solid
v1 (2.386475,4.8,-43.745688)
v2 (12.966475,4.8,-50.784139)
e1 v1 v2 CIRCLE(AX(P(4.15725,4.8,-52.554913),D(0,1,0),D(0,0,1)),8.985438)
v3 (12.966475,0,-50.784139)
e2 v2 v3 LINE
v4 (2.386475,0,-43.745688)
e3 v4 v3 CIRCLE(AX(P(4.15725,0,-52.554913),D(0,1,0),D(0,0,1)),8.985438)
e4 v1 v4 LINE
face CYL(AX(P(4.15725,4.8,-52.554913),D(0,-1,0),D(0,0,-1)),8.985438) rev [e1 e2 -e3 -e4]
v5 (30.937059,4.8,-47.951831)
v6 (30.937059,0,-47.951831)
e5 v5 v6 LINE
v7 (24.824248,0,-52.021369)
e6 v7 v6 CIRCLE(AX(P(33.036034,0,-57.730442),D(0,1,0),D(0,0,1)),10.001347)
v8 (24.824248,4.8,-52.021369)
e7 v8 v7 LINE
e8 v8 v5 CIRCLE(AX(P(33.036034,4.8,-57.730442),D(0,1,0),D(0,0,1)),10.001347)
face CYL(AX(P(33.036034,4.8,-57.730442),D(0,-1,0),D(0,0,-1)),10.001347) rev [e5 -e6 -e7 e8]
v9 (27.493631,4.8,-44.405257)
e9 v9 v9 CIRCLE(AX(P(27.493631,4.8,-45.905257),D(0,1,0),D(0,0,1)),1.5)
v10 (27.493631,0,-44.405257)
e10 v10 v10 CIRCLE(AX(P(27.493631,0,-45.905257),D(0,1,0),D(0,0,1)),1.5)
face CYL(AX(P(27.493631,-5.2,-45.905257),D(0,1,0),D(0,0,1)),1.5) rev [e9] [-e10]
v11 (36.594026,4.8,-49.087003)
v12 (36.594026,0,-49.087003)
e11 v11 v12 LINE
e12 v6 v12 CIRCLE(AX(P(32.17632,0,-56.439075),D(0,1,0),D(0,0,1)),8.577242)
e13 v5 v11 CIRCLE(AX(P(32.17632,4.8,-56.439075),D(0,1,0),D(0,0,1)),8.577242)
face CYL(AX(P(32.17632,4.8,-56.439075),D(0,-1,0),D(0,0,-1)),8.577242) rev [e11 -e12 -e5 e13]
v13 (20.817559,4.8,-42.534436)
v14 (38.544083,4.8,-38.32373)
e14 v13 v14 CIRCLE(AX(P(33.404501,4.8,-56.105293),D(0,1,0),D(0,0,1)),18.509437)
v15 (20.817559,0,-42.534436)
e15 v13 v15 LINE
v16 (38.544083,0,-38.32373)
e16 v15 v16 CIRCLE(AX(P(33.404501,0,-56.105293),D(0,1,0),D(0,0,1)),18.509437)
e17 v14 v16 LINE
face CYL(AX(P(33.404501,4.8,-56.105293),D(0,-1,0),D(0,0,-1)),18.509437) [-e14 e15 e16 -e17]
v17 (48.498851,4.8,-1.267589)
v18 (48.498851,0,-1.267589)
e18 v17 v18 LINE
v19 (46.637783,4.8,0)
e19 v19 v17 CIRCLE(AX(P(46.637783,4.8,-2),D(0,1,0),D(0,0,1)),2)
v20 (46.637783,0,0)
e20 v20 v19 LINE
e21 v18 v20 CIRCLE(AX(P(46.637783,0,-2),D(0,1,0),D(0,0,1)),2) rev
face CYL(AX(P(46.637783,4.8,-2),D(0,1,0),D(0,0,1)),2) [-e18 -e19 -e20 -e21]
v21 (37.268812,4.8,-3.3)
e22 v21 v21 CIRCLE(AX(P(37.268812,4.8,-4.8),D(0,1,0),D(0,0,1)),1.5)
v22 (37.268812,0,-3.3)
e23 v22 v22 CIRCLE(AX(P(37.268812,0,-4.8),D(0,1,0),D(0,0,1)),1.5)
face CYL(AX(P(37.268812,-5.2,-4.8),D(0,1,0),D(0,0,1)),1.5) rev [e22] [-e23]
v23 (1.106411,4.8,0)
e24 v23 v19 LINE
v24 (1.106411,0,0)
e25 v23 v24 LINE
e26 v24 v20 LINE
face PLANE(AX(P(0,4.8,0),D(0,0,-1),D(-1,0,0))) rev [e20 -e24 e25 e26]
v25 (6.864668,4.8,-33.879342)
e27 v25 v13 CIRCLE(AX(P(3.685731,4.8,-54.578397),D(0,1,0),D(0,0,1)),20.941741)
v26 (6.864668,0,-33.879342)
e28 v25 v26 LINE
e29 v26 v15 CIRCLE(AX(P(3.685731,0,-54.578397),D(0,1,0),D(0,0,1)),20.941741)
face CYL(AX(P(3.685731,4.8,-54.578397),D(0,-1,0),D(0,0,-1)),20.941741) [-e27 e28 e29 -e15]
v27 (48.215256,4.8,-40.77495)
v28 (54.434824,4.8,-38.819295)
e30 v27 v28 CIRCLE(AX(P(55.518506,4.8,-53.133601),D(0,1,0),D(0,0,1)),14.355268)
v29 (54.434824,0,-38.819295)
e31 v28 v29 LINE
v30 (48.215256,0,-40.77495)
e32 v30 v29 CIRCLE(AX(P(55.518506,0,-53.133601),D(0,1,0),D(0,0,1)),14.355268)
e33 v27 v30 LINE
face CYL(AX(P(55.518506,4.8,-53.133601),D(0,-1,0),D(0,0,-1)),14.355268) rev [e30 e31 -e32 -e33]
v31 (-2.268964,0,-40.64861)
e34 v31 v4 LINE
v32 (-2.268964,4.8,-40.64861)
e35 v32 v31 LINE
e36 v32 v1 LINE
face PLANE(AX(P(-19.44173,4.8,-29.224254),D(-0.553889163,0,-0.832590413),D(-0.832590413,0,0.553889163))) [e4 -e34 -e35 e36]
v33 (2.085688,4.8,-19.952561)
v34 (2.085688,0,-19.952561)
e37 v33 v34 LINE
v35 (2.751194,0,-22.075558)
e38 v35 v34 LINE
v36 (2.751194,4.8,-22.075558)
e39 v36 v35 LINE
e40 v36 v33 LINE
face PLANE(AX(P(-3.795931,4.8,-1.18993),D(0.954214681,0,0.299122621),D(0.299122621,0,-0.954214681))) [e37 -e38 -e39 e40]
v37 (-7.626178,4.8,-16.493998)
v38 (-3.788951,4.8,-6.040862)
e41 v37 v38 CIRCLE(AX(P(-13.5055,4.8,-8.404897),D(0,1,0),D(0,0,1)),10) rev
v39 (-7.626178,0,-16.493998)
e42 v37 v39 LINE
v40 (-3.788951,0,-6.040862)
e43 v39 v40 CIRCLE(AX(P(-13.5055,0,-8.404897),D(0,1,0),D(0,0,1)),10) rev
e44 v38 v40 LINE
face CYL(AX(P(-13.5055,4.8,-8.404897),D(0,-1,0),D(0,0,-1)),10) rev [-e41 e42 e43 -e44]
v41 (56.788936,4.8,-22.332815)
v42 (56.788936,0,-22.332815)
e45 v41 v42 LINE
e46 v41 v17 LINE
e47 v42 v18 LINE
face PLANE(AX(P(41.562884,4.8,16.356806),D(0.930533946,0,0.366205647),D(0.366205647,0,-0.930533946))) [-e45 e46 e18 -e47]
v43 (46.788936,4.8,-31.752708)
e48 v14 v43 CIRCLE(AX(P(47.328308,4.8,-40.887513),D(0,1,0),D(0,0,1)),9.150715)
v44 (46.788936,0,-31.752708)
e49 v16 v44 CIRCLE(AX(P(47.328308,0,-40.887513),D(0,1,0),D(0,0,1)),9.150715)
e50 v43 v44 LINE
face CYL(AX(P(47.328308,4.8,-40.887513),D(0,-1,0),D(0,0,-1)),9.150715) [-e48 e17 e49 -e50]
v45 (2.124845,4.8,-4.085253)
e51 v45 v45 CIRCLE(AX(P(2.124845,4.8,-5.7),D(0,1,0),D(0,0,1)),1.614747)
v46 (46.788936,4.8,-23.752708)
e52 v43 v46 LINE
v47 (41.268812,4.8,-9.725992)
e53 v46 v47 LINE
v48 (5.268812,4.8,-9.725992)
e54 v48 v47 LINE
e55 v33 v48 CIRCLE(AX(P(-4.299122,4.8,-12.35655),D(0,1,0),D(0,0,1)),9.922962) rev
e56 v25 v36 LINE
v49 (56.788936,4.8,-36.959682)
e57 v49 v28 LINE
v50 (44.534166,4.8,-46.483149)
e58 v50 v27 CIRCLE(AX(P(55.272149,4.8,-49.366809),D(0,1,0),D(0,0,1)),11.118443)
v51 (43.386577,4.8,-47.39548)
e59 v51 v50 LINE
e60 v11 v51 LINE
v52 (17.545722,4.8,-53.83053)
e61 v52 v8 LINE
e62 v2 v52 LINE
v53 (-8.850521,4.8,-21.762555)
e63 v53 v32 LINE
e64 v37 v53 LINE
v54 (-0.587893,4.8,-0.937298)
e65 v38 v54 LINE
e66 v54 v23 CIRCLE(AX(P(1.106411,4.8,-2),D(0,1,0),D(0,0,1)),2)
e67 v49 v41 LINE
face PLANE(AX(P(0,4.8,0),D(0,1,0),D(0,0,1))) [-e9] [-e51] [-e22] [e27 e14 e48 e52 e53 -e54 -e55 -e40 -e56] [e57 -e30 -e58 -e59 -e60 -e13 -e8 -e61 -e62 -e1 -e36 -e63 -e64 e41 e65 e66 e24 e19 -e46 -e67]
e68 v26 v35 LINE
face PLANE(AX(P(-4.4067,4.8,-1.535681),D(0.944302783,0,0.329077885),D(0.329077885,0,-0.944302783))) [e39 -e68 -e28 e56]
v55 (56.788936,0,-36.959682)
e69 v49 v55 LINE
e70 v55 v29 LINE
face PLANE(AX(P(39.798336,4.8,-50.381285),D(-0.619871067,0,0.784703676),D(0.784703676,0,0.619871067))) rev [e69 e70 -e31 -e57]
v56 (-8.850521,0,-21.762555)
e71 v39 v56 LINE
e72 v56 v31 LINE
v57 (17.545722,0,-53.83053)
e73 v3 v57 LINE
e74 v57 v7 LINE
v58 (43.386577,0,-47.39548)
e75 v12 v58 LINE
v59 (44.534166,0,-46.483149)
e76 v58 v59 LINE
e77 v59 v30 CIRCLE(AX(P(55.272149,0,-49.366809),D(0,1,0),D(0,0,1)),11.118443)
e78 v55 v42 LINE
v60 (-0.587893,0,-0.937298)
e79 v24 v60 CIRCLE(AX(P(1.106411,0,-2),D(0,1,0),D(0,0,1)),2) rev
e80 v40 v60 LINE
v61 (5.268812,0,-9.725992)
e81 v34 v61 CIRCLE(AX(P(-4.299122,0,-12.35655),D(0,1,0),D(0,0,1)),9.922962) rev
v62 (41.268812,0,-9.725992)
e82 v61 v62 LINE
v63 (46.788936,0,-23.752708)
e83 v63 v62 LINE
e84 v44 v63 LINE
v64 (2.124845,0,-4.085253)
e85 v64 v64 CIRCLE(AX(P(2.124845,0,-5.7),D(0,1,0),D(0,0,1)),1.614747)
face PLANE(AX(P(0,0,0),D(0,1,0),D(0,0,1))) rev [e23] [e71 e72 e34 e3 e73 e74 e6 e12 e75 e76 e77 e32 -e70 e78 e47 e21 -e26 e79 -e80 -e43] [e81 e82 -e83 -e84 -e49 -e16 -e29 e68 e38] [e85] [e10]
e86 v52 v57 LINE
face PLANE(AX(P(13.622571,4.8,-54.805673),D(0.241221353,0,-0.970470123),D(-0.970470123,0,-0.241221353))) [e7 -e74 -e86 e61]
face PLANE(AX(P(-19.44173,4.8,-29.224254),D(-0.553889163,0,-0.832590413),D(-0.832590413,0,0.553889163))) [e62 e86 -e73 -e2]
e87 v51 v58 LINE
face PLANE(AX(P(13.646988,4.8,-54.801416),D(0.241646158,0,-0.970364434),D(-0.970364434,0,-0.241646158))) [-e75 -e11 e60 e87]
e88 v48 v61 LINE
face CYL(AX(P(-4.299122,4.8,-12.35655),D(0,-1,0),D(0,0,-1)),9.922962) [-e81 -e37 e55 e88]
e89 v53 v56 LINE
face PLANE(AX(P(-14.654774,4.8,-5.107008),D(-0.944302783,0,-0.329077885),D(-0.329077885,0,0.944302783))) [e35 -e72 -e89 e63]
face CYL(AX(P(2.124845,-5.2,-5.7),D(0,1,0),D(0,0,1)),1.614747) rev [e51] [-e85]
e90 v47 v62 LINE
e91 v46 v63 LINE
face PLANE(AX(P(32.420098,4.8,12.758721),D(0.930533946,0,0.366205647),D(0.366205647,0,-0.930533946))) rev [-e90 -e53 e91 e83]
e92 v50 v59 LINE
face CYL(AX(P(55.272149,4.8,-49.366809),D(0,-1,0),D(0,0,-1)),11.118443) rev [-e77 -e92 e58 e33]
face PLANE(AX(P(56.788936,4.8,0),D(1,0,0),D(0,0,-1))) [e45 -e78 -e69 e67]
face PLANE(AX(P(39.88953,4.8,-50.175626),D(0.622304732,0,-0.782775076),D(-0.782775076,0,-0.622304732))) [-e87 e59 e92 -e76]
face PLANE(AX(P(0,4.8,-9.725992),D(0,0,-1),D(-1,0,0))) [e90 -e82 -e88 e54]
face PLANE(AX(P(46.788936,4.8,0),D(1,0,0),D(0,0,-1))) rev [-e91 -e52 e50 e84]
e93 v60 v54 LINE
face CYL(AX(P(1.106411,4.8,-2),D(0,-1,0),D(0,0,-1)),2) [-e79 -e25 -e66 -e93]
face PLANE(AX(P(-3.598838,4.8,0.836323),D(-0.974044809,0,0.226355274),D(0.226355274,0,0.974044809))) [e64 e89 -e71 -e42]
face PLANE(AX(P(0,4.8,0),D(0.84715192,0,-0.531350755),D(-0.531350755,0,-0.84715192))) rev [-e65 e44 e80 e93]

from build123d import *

# Parameters (mm, degrees)
BOSS_EXTRUDE1_DEPTH = 4.8
FILLET1_R           = 2
SKETCH2_R           = 1.5
SKETCH2_R_2         = 1.614746674
CUT_EXTRUDE1_DEPTH  = 10


with BuildPart() as part:
    # Sketch1 → Boss-Extrude1 (new body)
    with BuildSketch(Plane(origin=(0, 0, 0), x_dir=(1, 0, 0), z_dir=(0, 1, 0))):
        with BuildLine():
            Line((-7.626177736, 16.493998363), (-8.85052129, 21.762554574))
            Line((-8.85052129, 21.762554574), (-2.268963588, 40.648610229))
            Line((-2.268963588, 40.648610229), (2.386475485, 43.745687988))
            ThreePointArc((2.386475485, 43.745687988), (9.13418612, 45.073723969), (12.966474819, 50.784139165))
            Line((12.966474819, 50.784139165), (17.54572209, 53.830529559))
            Line((17.54572209, 53.830529559), (24.824248009, 52.021369411))
            ThreePointArc((24.824248009, 52.021369411), (27.493630804, 49.405257048), (30.937059303, 47.951830552))
            ThreePointArc((30.937059303, 47.951830552), (33.863857438, 48.029479081), (36.594025871, 49.08700305))
            Line((36.594025871, 49.08700305), (43.386576908, 47.395479947))
            Line((43.386576908, 47.395479947), (44.534165754, 46.483148945))
            ThreePointArc((44.534165754, 46.483148945), (45.928151501, 43.341073181), (48.215256064, 40.774949823))
            ThreePointArc((48.215256064, 40.774949823), (51.212544898, 39.439353475), (54.434824491, 38.819295269))
            Line((54.434824491, 38.819295269), (56.78893552, 36.959682067))
            Line((56.78893552, 36.959682067), (56.78893552, 22.3328147))
            Line((56.78893552, 22.3328147), (48, 0))
            Line((48, 0), (0, 0))
            Line((0, 0), (-3.788950591, 6.040862349))
            ThreePointArc((-3.788950591, 6.040862349), (-4.118018176, 11.850934579), (-7.626177736, 16.493998363))
        make_face()
        with BuildLine():
            Line((5.26881179, 9.725992339), (41.26881179, 9.725992339))
            Line((41.26881179, 9.725992339), (46.78893552, 23.7527081))
            Line((46.78893552, 23.7527081), (46.78893552, 31.7527081))
            ThreePointArc((46.78893552, 31.7527081), (41.625067619, 33.731492126), (38.544083054, 38.323730364))
            ThreePointArc((38.544083054, 38.323730364), (29.126849272, 38.096934575), (20.817558646, 42.534435867))
            ThreePointArc((20.817558646, 42.534435867), (14.72472781, 36.782412637), (6.864667897, 33.879342365))
            Line((6.864667897, 33.879342365), (2.751194333, 22.075557581))
            Line((2.751194333, 22.075557581), (2.085687611, 19.952561058))
            ThreePointArc((2.085687611, 19.952561058), (5.175485312, 15.305617866), (5.26881179, 9.725992339))
        make_face(mode=Mode.SUBTRACT)
    extrude(amount=BOSS_EXTRUDE1_DEPTH)

    # Fillet1
    fillet1_edges = [part.edges().sort_by_distance(p)[0] for p in [
        (48, 2.4, 0),
        (0, 2.4, 0),
    ]]
    fillet(fillet1_edges, radius=FILLET1_R)

    # Sketch2 → Cut-Extrude1 (cut)
    with BuildSketch(Plane(origin=(0, 4.8, 0), x_dir=(1, 0, 0), z_dir=(0, 1, 0))):
        with Locations((27.493630804, 45.905257048)):
            Circle(SKETCH2_R)
        with Locations((2.124845143, 5.7)):
            Circle(SKETCH2_R_2)
        with Locations((37.26881179, 4.8)):
            Circle(SKETCH2_R)
    extrude(amount=-CUT_EXTRUDE1_DEPTH, mode=Mode.SUBTRACT)


solid = part.part
